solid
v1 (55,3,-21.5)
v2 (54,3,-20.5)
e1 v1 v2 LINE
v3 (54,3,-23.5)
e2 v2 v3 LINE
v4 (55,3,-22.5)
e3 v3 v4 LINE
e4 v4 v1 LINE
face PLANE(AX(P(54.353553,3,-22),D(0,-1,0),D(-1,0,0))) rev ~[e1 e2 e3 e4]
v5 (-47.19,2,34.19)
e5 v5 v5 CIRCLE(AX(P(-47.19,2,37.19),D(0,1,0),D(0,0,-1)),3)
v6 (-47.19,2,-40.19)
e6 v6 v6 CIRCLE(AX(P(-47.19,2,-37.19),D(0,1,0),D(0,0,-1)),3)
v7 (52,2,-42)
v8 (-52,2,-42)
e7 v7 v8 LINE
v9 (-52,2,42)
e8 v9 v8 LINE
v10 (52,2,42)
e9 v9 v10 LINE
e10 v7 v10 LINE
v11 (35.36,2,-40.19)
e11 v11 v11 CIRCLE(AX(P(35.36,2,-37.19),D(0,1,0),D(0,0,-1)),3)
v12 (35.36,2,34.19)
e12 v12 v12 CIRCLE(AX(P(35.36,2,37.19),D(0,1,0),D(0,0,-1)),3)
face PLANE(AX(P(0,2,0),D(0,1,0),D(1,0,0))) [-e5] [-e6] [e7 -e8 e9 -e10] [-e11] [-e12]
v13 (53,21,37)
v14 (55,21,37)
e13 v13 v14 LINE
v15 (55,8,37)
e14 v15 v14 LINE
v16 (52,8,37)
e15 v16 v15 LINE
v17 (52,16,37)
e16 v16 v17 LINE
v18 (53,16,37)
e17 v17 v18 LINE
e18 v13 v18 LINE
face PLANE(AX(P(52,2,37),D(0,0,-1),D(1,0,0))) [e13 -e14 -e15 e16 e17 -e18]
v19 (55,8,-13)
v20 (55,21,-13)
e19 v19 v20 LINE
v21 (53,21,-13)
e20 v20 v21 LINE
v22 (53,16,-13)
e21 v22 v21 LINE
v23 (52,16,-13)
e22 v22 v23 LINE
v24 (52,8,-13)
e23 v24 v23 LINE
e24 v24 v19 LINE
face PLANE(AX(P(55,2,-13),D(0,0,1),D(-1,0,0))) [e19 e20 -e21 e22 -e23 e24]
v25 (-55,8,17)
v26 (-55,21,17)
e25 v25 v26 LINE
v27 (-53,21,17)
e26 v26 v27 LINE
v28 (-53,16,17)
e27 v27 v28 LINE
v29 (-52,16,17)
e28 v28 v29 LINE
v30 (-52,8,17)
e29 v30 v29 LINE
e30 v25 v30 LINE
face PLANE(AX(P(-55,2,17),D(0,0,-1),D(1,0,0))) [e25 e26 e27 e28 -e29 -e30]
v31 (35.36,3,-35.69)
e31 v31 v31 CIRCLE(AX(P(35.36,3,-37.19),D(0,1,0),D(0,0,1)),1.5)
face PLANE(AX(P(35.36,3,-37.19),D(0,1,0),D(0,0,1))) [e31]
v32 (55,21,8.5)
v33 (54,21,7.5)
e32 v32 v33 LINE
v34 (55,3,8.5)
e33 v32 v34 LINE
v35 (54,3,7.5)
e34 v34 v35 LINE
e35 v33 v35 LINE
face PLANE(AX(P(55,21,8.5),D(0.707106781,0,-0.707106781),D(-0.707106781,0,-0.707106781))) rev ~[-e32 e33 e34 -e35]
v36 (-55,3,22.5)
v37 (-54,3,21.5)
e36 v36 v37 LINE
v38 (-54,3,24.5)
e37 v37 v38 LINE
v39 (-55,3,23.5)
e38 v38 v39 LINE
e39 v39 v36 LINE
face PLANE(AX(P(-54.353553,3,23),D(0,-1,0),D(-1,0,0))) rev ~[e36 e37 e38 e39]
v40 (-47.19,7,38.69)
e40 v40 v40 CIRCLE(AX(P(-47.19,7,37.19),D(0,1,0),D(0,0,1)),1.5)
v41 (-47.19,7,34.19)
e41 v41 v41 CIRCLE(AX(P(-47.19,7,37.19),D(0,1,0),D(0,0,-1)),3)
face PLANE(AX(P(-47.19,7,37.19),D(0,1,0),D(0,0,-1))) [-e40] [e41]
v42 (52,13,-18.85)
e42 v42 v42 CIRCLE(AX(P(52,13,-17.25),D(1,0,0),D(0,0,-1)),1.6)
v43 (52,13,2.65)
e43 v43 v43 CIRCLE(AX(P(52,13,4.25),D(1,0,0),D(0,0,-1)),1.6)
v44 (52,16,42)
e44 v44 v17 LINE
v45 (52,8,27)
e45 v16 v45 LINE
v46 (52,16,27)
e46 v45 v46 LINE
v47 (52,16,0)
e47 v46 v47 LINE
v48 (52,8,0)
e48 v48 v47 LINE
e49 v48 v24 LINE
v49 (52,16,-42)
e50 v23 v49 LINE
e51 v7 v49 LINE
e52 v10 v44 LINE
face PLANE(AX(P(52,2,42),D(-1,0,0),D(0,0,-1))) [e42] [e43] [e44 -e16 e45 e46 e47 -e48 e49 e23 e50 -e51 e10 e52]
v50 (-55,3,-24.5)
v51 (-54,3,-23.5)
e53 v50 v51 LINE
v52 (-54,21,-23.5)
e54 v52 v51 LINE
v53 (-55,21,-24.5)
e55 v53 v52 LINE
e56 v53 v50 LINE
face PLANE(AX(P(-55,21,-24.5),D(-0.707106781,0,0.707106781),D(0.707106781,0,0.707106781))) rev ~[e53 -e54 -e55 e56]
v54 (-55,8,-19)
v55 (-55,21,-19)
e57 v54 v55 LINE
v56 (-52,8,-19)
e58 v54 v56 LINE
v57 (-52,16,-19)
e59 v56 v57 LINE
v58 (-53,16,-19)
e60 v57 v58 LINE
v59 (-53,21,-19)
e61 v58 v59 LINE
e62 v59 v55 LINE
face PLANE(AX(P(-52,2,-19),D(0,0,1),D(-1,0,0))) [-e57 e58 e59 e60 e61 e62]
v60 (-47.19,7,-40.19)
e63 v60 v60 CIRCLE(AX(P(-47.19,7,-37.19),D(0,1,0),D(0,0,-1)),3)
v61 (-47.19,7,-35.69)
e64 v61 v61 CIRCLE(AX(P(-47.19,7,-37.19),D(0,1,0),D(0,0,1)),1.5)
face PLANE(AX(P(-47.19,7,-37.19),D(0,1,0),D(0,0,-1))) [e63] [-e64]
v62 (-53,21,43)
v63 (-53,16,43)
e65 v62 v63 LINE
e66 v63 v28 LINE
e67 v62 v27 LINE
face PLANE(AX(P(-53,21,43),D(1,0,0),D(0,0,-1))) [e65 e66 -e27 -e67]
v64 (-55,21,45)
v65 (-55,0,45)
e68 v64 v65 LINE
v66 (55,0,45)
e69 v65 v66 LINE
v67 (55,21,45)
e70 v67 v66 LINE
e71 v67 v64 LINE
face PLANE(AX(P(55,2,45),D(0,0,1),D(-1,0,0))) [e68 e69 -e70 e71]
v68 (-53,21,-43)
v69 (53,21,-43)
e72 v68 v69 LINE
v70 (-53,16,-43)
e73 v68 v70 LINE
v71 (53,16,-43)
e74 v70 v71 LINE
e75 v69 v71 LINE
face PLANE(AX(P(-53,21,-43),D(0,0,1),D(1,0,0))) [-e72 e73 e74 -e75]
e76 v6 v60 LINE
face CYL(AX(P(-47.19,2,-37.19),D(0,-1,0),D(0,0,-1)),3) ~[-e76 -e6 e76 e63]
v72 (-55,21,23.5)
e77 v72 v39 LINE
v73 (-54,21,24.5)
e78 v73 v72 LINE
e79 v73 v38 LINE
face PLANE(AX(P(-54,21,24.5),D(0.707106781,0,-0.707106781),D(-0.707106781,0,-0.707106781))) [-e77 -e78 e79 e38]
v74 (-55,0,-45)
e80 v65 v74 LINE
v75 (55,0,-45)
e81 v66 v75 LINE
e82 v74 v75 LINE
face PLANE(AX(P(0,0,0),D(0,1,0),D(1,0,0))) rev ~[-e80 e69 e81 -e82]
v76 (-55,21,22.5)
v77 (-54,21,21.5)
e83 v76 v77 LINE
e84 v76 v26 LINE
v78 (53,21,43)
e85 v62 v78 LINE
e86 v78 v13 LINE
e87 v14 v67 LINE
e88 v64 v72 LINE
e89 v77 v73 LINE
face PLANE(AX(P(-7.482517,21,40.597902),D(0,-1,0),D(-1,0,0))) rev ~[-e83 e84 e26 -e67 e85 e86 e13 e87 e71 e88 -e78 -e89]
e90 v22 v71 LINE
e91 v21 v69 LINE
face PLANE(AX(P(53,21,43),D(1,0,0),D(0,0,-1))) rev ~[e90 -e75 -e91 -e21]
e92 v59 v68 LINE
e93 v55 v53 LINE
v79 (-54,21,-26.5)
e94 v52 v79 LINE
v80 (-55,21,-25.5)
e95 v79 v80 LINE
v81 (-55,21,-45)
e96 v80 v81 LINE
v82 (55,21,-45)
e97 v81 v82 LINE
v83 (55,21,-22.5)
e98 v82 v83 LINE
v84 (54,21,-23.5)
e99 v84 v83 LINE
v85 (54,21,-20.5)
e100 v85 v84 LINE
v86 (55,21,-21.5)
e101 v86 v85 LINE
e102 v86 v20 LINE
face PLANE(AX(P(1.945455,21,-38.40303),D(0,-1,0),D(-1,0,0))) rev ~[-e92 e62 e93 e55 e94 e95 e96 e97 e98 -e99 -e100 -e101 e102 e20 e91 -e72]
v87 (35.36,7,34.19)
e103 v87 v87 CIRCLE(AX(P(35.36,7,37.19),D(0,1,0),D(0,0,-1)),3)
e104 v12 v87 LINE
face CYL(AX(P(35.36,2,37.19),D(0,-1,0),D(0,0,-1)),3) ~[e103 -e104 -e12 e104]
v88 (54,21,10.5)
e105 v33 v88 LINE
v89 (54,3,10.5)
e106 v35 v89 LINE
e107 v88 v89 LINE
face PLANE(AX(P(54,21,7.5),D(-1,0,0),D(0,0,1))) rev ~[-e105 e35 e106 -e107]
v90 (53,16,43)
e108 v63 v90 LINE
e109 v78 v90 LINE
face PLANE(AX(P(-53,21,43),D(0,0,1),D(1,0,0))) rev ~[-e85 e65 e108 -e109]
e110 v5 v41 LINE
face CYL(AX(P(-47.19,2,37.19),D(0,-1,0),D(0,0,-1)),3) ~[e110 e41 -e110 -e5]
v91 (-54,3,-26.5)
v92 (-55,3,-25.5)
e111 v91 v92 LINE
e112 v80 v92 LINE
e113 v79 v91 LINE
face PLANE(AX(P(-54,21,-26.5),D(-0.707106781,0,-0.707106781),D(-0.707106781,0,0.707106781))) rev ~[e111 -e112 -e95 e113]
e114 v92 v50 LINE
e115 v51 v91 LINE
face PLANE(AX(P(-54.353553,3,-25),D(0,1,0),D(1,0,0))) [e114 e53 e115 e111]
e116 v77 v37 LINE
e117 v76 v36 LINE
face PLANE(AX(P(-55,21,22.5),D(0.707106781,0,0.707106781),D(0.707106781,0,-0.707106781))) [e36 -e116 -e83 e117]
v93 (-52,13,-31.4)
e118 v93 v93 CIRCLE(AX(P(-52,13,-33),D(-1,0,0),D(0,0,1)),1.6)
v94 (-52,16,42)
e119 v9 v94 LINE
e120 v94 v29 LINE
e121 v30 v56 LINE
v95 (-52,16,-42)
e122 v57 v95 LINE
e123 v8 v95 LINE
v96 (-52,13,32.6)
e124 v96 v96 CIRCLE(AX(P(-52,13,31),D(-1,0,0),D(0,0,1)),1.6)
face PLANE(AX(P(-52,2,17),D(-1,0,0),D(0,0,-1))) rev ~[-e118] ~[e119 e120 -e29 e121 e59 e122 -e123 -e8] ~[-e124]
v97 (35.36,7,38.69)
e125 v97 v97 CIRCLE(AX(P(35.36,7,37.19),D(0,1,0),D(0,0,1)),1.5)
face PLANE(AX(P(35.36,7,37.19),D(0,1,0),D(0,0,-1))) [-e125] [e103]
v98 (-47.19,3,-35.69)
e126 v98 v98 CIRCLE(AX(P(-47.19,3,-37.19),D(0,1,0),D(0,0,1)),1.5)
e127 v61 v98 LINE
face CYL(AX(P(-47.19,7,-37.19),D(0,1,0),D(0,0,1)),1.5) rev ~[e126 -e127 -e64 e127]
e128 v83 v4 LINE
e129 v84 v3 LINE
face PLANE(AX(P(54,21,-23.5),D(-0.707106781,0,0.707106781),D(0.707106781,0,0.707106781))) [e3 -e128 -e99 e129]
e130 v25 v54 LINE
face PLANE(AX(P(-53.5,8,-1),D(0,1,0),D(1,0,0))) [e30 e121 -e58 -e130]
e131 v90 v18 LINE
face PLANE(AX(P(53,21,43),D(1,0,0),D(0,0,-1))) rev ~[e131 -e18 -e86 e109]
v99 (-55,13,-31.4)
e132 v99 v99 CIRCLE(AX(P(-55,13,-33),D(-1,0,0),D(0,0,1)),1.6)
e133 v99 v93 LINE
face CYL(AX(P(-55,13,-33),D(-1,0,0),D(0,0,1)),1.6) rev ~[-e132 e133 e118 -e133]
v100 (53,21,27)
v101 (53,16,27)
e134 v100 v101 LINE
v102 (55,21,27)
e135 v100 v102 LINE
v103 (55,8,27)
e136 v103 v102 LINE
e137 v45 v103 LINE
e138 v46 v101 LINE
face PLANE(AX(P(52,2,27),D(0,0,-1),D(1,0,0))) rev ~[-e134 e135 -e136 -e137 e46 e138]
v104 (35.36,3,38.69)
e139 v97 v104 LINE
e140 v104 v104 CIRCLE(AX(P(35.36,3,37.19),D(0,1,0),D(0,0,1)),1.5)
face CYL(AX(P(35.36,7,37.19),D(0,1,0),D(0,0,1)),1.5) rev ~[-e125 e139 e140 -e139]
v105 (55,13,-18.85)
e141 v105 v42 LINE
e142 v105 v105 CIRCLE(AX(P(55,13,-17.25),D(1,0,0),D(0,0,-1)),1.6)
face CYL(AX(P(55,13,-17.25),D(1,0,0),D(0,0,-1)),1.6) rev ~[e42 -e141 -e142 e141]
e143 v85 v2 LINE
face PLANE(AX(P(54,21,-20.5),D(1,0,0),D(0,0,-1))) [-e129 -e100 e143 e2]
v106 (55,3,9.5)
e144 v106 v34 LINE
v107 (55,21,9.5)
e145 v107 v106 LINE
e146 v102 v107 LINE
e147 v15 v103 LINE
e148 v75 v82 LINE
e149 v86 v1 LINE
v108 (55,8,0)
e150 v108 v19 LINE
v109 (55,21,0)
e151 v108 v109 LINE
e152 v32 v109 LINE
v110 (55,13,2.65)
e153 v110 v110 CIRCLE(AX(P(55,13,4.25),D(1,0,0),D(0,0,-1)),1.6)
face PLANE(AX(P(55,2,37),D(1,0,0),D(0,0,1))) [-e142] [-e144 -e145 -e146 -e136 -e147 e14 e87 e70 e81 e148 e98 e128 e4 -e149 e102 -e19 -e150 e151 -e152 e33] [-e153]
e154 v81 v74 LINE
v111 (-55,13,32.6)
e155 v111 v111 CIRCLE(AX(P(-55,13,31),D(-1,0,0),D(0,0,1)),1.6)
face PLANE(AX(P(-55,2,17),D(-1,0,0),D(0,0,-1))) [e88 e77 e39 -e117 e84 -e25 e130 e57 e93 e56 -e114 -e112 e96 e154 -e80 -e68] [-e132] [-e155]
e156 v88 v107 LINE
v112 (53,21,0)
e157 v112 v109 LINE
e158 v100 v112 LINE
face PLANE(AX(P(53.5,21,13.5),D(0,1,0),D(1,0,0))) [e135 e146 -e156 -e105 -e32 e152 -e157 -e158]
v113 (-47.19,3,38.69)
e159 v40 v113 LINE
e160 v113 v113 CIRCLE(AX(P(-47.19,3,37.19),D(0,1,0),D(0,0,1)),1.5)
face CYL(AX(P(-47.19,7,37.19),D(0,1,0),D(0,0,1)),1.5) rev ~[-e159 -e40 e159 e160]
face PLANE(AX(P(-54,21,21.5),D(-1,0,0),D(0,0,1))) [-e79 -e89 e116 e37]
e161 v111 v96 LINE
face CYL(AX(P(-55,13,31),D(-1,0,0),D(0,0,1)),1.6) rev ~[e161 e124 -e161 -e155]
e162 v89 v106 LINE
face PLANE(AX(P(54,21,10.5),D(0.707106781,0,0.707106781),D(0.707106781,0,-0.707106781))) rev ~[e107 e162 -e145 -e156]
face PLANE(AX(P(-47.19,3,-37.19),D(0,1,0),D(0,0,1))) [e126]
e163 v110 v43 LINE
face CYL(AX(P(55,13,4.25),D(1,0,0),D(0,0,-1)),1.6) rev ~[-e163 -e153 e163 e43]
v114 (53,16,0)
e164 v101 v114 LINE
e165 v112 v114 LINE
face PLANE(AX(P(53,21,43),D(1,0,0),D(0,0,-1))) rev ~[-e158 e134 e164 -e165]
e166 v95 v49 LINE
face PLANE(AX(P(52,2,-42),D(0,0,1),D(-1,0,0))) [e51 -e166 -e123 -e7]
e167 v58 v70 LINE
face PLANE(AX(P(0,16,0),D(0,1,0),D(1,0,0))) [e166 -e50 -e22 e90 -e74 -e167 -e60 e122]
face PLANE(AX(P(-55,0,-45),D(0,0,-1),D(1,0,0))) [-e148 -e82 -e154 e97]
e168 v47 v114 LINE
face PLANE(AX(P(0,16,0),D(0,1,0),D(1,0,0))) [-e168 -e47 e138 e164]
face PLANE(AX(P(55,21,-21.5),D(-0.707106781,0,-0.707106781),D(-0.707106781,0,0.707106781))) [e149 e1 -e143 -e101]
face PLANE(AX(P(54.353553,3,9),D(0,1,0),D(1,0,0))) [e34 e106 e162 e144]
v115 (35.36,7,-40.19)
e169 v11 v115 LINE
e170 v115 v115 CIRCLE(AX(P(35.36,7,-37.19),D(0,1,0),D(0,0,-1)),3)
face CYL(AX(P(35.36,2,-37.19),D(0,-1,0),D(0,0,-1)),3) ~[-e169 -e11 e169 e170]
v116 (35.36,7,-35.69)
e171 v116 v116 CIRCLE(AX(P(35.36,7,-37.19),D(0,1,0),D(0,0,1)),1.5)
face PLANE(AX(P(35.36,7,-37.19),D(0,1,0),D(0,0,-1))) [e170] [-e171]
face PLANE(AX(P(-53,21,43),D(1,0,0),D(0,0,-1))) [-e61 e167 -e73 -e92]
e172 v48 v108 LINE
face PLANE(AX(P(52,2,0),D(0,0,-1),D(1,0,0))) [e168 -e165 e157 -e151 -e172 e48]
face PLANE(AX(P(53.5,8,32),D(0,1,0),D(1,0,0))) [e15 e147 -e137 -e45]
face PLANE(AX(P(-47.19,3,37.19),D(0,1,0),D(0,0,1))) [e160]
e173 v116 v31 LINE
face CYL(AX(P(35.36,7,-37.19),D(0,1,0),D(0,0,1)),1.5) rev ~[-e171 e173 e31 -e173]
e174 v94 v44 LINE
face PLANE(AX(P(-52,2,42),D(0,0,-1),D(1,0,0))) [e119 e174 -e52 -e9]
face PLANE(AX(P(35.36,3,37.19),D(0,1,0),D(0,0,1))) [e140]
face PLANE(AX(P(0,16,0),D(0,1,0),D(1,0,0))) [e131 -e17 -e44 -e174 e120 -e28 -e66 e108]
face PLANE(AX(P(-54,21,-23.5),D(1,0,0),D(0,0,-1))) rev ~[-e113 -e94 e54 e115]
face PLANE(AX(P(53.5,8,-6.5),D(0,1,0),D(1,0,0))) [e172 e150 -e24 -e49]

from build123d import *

# Parameters (mm, degrees)
CROQUIS1_W              = 110
CROQUIS1_H              = 90
SALIENTE_EXTRUIR1_DEPTH = 2
CROQUIS3_R              = 3
SALIENTE_EXTRUIR2_DEPTH = 5
CROQUIS4_R              = 1.5
CORTAR_EXTRUIR1_DEPTH   = 4
CROQUIS5_W              = 3
CROQUIS5_H              = 27
SALIENTE_EXTRUIR3_DEPTH = 19
CROQUIS6_W              = 3
CROQUIS6_H              = 36
CROQUIS6_H_2            = 13
CROQUIS6_H_3            = 10
SALIENTE_EXTRUIR4_DEPTH = 6
CROQUIS7_W              = 106
CROQUIS7_H              = 86
CROQUIS7_W_2            = 104
CROQUIS7_H_2            = 84
CORTAR_EXTRUIR2_DEPTH   = 5
CORTAR_EXTRUIR3_DEPTH   = 18
CROQUIS9_R              = 1.6
CORTAR_EXTRUIR4_DEPTH   = 12
CORTAR_EXTRUIR5_DEPTH   = 18
CROQUIS14_R             = 1.6
CORTAR_EXTRUIR6_DEPTH   = 10


with BuildPart() as part:
    # Croquis1 → Saliente-Extruir1 (new body)
    with BuildSketch(Plane(origin=(0, 0, 0), x_dir=(1, 0, 0), z_dir=(0, 1, 0))):
        Rectangle(CROQUIS1_W, CROQUIS1_H)
    extrude(amount=SALIENTE_EXTRUIR1_DEPTH)

    # Croquis3 → Saliente-Extruir2 (add)
    with BuildSketch(Plane(origin=(0, 2, 0), x_dir=(1, 0, 0), z_dir=(0, 1, 0))):
        with Locations(Location((-47.19, -37.19, 0), (0, 0, 90))):
            Circle(CROQUIS3_R)
        with Locations(Location((-47.19, 37.19, 0), (0, 0, 90))):
            Circle(CROQUIS3_R)
        with Locations(Location((35.36, -37.19, 0), (0, 0, 90))):
            Circle(CROQUIS3_R)
        with Locations(Location((35.36, 37.19, 0), (0, 0, 90))):
            Circle(CROQUIS3_R)
    extrude(amount=SALIENTE_EXTRUIR2_DEPTH)

    # Croquis4 → Cortar-Extruir1 (cut)
    with BuildSketch(Plane(origin=(0, 7, 0), x_dir=(1, 0, 0), z_dir=(0, 1, 0))):
        with Locations(Location((-47.19, -37.19, 0), (0, 0, 270))):
            Circle(CROQUIS4_R)
        with Locations(Location((35.36, -37.19, 0), (0, 0, 270))):
            Circle(CROQUIS4_R)
        with Locations(Location((35.36, 37.19, 0), (0, 0, 270))):
            Circle(CROQUIS4_R)
        with Locations(Location((-47.19, 37.19, 0), (0, 0, 270))):
            Circle(CROQUIS4_R)
    extrude(amount=-CORTAR_EXTRUIR1_DEPTH, mode=Mode.SUBTRACT)

    # Croquis5 → Saliente-Extruir3 (add)
    with BuildSketch(Plane(origin=(0, 2, 0), x_dir=(1, 0, 0), z_dir=(0, 1, 0))):
        Polygon((52, -37), (55, -37), (55, -45), (-55, -45), (-55, -17), (-52, -17), (-52, -42), (52, -42), align=None)
        Polygon((-55, 45), (55, 45), (55, 13), (52, 13), (52, 42), (-52, 42), (-52, 19), (-55, 19), align=None)
        with Locations((53.5, -13.5)):
            Rectangle(CROQUIS5_W, CROQUIS5_H)
    extrude(amount=SALIENTE_EXTRUIR3_DEPTH)

    # Croquis6 → Saliente-Extruir4 (add)
    with BuildSketch(Plane(origin=(0, 2, 0), x_dir=(1, 0, 0), z_dir=(0, 1, 0))):
        with Locations((-53.5, 1)):
            Rectangle(CROQUIS6_W, CROQUIS6_H)
        with Locations((53.5, 6.5)):
            Rectangle(CROQUIS6_W, CROQUIS6_H_2)
        with Locations((53.5, -32)):
            Rectangle(CROQUIS6_W, CROQUIS6_H_3)
    extrude(amount=SALIENTE_EXTRUIR4_DEPTH)

    # Croquis7 → Cortar-Extruir2 (cut)
    with BuildSketch(Plane(origin=(0, 21, 0), x_dir=(1, 0, 0), z_dir=(0, 1, 0))):
        Rectangle(CROQUIS7_W, CROQUIS7_H)
        Rectangle(CROQUIS7_W_2, CROQUIS7_H_2, mode=Mode.SUBTRACT)
    extrude(amount=-CORTAR_EXTRUIR2_DEPTH, mode=Mode.SUBTRACT)

    # Croquis8 → Cortar-Extruir3 (cut)
    with BuildSketch(Plane(origin=(0, 21, 0), x_dir=(1, 0, 0), z_dir=(0, 1, 0))):
        Polygon((55, -8.5), (54, -7.5), (54, -10.5), (55, -9.5), align=None)
        Polygon((55, 22.5), (55, 21.5), (54, 20.5), (54, 23.5), align=None)
    extrude(amount=-CORTAR_EXTRUIR3_DEPTH, mode=Mode.SUBTRACT)

    # Croquis9 → Cortar-Extruir4 (cut)
    with BuildSketch(Plane(origin=(55, 0, 0), x_dir=(0, 0, -1), z_dir=(1, 0, 0))):
        with Locations((-4.25, 13)):
            Circle(CROQUIS9_R)
        with Locations((17.25, 13)):
            Circle(CROQUIS9_R)
    extrude(amount=-CORTAR_EXTRUIR4_DEPTH, mode=Mode.SUBTRACT)

    # Croquis11 → Cortar-Extruir5 (cut)
    with BuildSketch(Plane(origin=(0, 21, 0), x_dir=(1, 0, 0), z_dir=(0, 1, 0))):
        Polygon((-55, -22.5), (-54, -21.5), (-54, -24.5), (-55, -23.5), align=None)
        Polygon((-55, 25.5), (-55, 24.5), (-54, 23.5), (-54, 26.5), align=None)
    extrude(amount=-CORTAR_EXTRUIR5_DEPTH, mode=Mode.SUBTRACT)

    # Croquis14 → Cortar-Extruir6 (cut)
    with BuildSketch(Plane.ZY.offset(55)):
        with Locations((-33, 13)):
            Circle(CROQUIS14_R)
        with Locations((31, 13)):
            Circle(CROQUIS14_R)
    extrude(amount=-CORTAR_EXTRUIR6_DEPTH, mode=Mode.SUBTRACT)


solid = part.part
